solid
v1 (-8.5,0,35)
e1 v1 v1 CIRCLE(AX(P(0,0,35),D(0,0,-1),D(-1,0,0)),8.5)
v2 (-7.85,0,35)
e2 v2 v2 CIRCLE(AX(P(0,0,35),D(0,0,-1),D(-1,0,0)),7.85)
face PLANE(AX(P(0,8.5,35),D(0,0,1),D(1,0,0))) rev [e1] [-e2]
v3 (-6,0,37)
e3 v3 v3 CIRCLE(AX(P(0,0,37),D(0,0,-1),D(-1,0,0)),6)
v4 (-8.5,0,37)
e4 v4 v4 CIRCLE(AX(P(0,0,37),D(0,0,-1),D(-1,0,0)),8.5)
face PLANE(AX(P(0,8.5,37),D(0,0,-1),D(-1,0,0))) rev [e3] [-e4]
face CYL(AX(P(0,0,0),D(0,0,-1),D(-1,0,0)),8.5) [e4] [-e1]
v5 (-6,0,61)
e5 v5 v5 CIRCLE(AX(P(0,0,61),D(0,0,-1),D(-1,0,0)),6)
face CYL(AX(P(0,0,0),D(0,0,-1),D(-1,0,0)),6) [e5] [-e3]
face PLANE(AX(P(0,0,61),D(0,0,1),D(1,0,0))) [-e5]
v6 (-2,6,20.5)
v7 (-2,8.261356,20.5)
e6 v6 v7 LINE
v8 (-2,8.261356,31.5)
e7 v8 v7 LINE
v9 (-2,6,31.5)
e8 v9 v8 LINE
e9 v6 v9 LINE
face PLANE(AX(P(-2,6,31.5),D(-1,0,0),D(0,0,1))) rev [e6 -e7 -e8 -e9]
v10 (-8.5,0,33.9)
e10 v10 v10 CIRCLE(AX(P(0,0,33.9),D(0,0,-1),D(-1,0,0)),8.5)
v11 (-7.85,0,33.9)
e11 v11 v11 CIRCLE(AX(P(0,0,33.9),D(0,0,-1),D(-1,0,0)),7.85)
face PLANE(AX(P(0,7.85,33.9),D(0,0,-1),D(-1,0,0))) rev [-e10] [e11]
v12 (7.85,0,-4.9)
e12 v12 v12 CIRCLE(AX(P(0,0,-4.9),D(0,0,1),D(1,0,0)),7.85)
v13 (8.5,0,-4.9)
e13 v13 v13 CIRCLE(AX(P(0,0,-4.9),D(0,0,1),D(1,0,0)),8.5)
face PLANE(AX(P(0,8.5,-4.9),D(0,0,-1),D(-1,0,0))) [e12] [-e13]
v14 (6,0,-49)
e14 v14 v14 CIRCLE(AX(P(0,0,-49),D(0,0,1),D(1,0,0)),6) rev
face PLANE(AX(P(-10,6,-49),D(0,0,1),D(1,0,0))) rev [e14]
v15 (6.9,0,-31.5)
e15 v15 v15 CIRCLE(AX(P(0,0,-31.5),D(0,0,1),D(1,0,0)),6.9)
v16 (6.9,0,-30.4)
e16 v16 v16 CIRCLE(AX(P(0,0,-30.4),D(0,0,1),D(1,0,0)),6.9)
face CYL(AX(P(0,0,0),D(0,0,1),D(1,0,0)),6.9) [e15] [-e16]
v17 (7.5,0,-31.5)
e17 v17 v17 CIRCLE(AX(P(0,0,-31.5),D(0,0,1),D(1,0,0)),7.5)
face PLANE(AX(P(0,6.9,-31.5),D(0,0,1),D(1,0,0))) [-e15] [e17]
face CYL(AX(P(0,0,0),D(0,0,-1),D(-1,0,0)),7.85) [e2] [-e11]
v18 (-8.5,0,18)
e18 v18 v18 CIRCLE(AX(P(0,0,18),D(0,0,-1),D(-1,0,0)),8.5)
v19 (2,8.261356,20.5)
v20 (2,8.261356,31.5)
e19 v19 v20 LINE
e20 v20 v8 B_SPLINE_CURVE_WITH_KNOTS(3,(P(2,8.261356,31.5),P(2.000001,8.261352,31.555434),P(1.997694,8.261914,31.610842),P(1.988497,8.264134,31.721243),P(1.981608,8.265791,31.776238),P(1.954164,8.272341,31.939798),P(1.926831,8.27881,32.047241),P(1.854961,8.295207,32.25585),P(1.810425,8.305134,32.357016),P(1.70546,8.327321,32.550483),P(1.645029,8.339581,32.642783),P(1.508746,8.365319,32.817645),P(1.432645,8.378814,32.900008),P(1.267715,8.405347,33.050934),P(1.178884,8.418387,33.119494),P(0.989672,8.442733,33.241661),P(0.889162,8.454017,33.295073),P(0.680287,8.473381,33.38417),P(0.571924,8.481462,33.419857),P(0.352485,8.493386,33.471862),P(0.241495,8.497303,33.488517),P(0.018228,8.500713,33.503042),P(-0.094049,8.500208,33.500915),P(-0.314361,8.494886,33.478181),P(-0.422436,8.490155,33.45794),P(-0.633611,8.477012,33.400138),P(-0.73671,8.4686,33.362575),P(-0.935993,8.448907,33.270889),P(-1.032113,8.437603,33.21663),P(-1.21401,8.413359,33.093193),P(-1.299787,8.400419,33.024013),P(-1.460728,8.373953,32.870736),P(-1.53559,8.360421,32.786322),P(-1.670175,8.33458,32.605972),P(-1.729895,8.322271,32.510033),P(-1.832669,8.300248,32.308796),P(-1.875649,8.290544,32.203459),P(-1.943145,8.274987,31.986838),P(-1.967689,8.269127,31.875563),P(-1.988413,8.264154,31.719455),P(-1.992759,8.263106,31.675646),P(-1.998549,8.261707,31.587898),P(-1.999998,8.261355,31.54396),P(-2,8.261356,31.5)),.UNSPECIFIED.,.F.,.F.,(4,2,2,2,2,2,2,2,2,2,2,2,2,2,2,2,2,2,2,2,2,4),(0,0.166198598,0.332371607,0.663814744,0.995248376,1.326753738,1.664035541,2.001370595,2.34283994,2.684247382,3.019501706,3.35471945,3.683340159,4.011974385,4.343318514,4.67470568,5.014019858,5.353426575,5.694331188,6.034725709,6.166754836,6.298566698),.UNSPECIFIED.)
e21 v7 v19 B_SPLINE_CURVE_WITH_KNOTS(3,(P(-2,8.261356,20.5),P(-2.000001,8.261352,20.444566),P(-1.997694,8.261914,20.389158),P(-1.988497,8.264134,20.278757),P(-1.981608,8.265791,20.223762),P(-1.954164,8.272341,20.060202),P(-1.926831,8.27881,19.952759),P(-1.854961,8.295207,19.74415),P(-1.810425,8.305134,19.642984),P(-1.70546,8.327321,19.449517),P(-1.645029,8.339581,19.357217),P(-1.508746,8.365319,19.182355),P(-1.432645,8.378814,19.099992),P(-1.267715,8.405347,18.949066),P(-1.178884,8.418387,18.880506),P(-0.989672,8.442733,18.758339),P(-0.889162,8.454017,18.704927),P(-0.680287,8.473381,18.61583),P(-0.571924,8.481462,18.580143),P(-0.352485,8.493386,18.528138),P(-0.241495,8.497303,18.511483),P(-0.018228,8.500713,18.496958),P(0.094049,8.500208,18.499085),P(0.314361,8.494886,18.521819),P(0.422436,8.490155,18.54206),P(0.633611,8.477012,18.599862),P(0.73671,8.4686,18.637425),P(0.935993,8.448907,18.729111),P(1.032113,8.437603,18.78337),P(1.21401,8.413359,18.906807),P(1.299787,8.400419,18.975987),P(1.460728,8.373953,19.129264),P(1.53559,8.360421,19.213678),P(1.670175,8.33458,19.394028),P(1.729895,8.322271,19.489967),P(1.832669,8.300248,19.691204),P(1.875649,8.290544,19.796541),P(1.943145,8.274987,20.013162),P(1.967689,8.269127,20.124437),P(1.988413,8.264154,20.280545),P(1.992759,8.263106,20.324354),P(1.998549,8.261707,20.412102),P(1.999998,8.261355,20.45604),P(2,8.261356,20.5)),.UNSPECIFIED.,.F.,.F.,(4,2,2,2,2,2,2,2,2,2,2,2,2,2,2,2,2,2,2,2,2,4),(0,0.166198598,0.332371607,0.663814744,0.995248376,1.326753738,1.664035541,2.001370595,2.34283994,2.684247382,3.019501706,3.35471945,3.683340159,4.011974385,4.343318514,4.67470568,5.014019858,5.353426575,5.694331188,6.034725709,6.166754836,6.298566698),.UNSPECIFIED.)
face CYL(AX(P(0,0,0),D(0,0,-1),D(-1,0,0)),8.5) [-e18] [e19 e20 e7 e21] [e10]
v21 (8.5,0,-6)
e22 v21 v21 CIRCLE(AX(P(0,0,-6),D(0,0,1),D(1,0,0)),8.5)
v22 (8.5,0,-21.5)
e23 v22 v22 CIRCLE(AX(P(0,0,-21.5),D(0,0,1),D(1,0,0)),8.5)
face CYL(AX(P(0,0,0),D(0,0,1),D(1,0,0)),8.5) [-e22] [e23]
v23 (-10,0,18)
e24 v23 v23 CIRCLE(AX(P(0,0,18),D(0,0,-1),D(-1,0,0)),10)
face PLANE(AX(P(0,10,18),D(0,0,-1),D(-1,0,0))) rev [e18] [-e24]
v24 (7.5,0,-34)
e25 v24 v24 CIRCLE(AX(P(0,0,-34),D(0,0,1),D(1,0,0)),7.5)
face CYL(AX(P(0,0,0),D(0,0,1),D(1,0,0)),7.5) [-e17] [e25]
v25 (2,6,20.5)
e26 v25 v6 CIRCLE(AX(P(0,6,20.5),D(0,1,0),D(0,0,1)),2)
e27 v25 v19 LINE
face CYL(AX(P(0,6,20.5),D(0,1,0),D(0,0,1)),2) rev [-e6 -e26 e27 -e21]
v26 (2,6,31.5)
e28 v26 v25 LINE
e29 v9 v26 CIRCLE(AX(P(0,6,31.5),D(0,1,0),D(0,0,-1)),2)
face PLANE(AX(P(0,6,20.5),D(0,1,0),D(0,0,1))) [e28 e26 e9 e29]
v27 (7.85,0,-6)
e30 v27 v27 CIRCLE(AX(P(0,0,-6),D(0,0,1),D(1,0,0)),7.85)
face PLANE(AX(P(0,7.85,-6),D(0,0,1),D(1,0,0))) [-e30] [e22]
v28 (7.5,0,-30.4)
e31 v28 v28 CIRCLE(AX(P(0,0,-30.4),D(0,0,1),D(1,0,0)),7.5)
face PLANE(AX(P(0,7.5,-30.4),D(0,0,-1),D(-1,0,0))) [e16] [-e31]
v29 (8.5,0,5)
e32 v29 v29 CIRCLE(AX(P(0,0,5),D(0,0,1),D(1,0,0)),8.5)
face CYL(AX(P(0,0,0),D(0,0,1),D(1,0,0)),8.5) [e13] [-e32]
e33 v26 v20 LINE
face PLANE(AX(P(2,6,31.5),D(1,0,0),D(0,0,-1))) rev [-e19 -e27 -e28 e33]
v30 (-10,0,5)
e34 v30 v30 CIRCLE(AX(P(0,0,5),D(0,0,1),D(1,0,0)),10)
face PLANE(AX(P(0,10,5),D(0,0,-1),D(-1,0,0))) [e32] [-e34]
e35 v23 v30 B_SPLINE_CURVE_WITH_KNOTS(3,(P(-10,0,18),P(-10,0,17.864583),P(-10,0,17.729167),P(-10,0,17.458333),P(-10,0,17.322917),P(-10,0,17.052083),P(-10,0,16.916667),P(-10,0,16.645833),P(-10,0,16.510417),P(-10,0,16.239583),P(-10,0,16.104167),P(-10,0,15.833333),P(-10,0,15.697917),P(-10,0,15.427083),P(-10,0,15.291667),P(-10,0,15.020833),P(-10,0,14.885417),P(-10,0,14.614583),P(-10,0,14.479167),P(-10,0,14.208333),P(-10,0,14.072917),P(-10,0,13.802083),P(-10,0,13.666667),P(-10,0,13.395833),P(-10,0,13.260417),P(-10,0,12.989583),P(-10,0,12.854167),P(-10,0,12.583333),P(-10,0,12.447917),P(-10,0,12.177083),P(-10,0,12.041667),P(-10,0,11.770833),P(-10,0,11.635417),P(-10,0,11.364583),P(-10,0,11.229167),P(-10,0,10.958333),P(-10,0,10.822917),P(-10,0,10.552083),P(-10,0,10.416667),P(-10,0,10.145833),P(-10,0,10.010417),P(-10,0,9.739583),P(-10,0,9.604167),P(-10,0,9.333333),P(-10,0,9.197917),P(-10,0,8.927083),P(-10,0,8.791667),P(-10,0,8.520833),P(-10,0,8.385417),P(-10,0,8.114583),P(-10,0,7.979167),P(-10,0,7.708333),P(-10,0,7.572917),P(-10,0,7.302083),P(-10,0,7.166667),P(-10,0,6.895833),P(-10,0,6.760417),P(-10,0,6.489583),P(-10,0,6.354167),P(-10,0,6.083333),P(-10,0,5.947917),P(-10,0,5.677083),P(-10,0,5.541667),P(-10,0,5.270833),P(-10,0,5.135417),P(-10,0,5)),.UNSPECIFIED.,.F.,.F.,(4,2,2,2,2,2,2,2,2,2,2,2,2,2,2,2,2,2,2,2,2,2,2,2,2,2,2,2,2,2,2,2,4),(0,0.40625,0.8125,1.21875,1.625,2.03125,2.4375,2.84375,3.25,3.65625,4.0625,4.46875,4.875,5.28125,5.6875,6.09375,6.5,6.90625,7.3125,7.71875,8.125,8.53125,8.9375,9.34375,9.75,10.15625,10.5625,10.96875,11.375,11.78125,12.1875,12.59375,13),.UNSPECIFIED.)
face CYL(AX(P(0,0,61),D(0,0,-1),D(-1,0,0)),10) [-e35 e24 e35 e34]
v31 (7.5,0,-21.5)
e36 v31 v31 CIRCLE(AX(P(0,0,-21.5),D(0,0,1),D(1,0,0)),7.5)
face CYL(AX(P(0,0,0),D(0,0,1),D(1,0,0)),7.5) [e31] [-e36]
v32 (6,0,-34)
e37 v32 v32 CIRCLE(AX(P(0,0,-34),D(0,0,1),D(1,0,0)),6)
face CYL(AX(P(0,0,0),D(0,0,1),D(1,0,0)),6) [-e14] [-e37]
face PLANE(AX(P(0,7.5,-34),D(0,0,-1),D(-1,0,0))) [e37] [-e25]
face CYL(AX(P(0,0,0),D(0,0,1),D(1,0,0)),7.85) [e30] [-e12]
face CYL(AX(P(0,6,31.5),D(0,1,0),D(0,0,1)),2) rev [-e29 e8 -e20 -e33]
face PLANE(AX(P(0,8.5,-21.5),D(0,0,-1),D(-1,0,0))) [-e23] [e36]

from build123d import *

# Parameters (mm, degrees)
SKETCH1_R               = 10
BOSS_EXTRUDE1_DEPTH     = 61
SKETCH3_W               = 66
SKETCH3_H               = 1.5
SKETCH4_W               = 43
SKETCH4_H               = 1.5
SKETCH5_W               = 24
SKETCH5_H               = 2.5
SKETCH6_W               = 39.5
SKETCH6_H               = 1
SKETCH7_W               = 27
SKETCH7_H               = 1.5
SKETCH8_W               = 1.1
SKETCH8_H               = 0.6
SKETCH9_W               = 1.1
SKETCH9_H               = 0.65
SKETCH10_W              = 1.1
SKETCH10_H              = 0.65
CUT_EXTRUDE1_DEPTH      = 63.617888818
CUT_EXTRUDE1_DEPTH_BACK = 63.617888818
SKETCH11_W              = 12
SKETCH11_H              = 12
CUT_EXTRUDE2_DEPTH      = 2.5


with BuildPart() as part:
    # Sketch1 → Boss-Extrude1 (new, symmetric)
    with BuildSketch(Plane.XY):
        with Locations(Location((0, 0, 0), (0, 0, 180))):
            Circle(SKETCH1_R)
    extrude(amount=BOSS_EXTRUDE1_DEPTH, both=True)

    # Sketch3 → Cut-Revolve1 (revolve, cut)
    with BuildSketch(Plane(origin=(0, 0, 0), x_dir=(0, 0, -1), z_dir=(1, 0, 0)), mode=Mode.PRIVATE) as cut_revolve1_sk:
        with Locations((28, 9.25)):
            Rectangle(SKETCH3_W, SKETCH3_H)
    revolve(cut_revolve1_sk.sketch.rotate(Axis((0, 0, 0), (0, 0, -1)), 270), axis=Axis((0, 0, 0), (0, 0, -1)), mode=Mode.SUBTRACT)

    # Sketch4 → Cut-Revolve2 (revolve, cut)
    with BuildSketch(Plane(origin=(0, 0, 0), x_dir=(0, 0, -1), z_dir=(1, 0, 0)), mode=Mode.PRIVATE) as cut_revolve2_sk:
        with Locations((-39.5, 9.25)):
            Rectangle(SKETCH4_W, SKETCH4_H)
    revolve(cut_revolve2_sk.sketch.rotate(Axis((0, 0, 0), (0, 0, 1)), 90), axis=Axis((0, 0, 0), (0, 0, 1)), mode=Mode.SUBTRACT)

    # Sketch5 → Cut-Revolve3 (revolve, cut)
    with BuildSketch(Plane(origin=(0, 0, 0), x_dir=(0, 0, -1), z_dir=(1, 0, 0)), mode=Mode.PRIVATE) as cut_revolve3_sk:
        with Locations((-49, 7.25)):
            Rectangle(SKETCH5_W, SKETCH5_H)
    revolve(cut_revolve3_sk.sketch.rotate(Axis((0, 0, 0), (0, 0, 1)), 90), axis=Axis((0, 0, 0), (0, 0, 1)), mode=Mode.SUBTRACT)

    # Sketch6 → Cut-Revolve4 (revolve, cut)
    with BuildSketch(Plane(origin=(0, 0, 0), x_dir=(0, 0, -1), z_dir=(1, 0, 0)), mode=Mode.PRIVATE) as cut_revolve4_sk:
        with Locations((41.25, 8)):
            Rectangle(SKETCH6_W, SKETCH6_H)
    revolve(cut_revolve4_sk.sketch.rotate(Axis((0, 0, 0), (0, 0, -1)), 90), axis=Axis((0, 0, 0), (0, 0, -1)), mode=Mode.SUBTRACT)

    # Sketch7 → Cut-Revolve5 (revolve, cut)
    with BuildSketch(Plane(origin=(0, 0, 0), x_dir=(0, 0, -1), z_dir=(1, 0, 0)), mode=Mode.PRIVATE) as cut_revolve5_sk:
        with Locations((47.5, 6.75)):
            Rectangle(SKETCH7_W, SKETCH7_H)
    revolve(cut_revolve5_sk.sketch.rotate(Axis((0, 0, 0), (0, 0, -1)), 90), axis=Axis((0, 0, 0), (0, 0, -1)), mode=Mode.SUBTRACT)

    # Sketch8 → Cut-Revolve6 (revolve, cut)
    with BuildSketch(Plane(origin=(0, 0, 0), x_dir=(0, 0, -1), z_dir=(1, 0, 0)), mode=Mode.PRIVATE) as cut_revolve6_sk:
        with Locations((30.95, 7.2)):
            Rectangle(SKETCH8_W, SKETCH8_H)
    revolve(cut_revolve6_sk.sketch.rotate(Axis((0, 0, 0), (0, 0, -1)), 90), axis=Axis((0, 0, 0), (0, 0, -1)), mode=Mode.SUBTRACT)

    # Sketch9 → Cut-Revolve7 (revolve, cut)
    with BuildSketch(Plane(origin=(0, 0, 0), x_dir=(0, 0, -1), z_dir=(1, 0, 0)), mode=Mode.PRIVATE) as cut_revolve7_sk:
        with Locations((5.45, 8.175)):
            Rectangle(SKETCH9_W, SKETCH9_H)
    revolve(cut_revolve7_sk.sketch.rotate(Axis((0, 0, 0), (0, 0, -1)), 90), axis=Axis((0, 0, 0), (0, 0, -1)), mode=Mode.SUBTRACT)

    # Sketch10 → Cut-Revolve8 (revolve, cut)
    with BuildSketch(Plane(origin=(0, 0, 0), x_dir=(0, 0, -1), z_dir=(1, 0, 0)), mode=Mode.PRIVATE) as cut_revolve8_sk:
        with Locations((-34.45, 8.175)):
            Rectangle(SKETCH10_W, SKETCH10_H)
    revolve(cut_revolve8_sk.sketch.rotate(Axis((0, 0, 0), (0, 0, 1)), 90), axis=Axis((0, 0, 0), (0, 0, 1)), mode=Mode.SUBTRACT)

    # Sketch11 → Cut-Extrude1 (cut, two sides: drawn at the far end of the back side and taken through both)
    with BuildSketch(Plane(origin=(0, 0, 0), x_dir=(0, 0, -1), z_dir=(1, 0, 0)).offset(-CUT_EXTRUDE1_DEPTH_BACK)):
        with Locations((55, 0)):
            Rectangle(SKETCH11_W, SKETCH11_H)
    extrude(amount=CUT_EXTRUDE1_DEPTH + CUT_EXTRUDE1_DEPTH_BACK, mode=Mode.SUBTRACT)

    # Sketch12 → Cut-Extrude2 (cut)
    with BuildSketch(Plane(origin=(0, 8.5, 0), x_dir=(1, 0, 0), z_dir=(0, 1, 0))):
        with BuildLine():
            Line((2, -31.5), (2, -20.5))
            ThreePointArc((2, -20.5), (0, -18.5), (-2, -20.5))
            Line((-2, -20.5), (-2, -31.5))
            ThreePointArc((-2, -31.5), (0, -33.5), (2, -31.5))
        make_face()
    extrude(amount=-CUT_EXTRUDE2_DEPTH, mode=Mode.SUBTRACT)


solid = part.part
